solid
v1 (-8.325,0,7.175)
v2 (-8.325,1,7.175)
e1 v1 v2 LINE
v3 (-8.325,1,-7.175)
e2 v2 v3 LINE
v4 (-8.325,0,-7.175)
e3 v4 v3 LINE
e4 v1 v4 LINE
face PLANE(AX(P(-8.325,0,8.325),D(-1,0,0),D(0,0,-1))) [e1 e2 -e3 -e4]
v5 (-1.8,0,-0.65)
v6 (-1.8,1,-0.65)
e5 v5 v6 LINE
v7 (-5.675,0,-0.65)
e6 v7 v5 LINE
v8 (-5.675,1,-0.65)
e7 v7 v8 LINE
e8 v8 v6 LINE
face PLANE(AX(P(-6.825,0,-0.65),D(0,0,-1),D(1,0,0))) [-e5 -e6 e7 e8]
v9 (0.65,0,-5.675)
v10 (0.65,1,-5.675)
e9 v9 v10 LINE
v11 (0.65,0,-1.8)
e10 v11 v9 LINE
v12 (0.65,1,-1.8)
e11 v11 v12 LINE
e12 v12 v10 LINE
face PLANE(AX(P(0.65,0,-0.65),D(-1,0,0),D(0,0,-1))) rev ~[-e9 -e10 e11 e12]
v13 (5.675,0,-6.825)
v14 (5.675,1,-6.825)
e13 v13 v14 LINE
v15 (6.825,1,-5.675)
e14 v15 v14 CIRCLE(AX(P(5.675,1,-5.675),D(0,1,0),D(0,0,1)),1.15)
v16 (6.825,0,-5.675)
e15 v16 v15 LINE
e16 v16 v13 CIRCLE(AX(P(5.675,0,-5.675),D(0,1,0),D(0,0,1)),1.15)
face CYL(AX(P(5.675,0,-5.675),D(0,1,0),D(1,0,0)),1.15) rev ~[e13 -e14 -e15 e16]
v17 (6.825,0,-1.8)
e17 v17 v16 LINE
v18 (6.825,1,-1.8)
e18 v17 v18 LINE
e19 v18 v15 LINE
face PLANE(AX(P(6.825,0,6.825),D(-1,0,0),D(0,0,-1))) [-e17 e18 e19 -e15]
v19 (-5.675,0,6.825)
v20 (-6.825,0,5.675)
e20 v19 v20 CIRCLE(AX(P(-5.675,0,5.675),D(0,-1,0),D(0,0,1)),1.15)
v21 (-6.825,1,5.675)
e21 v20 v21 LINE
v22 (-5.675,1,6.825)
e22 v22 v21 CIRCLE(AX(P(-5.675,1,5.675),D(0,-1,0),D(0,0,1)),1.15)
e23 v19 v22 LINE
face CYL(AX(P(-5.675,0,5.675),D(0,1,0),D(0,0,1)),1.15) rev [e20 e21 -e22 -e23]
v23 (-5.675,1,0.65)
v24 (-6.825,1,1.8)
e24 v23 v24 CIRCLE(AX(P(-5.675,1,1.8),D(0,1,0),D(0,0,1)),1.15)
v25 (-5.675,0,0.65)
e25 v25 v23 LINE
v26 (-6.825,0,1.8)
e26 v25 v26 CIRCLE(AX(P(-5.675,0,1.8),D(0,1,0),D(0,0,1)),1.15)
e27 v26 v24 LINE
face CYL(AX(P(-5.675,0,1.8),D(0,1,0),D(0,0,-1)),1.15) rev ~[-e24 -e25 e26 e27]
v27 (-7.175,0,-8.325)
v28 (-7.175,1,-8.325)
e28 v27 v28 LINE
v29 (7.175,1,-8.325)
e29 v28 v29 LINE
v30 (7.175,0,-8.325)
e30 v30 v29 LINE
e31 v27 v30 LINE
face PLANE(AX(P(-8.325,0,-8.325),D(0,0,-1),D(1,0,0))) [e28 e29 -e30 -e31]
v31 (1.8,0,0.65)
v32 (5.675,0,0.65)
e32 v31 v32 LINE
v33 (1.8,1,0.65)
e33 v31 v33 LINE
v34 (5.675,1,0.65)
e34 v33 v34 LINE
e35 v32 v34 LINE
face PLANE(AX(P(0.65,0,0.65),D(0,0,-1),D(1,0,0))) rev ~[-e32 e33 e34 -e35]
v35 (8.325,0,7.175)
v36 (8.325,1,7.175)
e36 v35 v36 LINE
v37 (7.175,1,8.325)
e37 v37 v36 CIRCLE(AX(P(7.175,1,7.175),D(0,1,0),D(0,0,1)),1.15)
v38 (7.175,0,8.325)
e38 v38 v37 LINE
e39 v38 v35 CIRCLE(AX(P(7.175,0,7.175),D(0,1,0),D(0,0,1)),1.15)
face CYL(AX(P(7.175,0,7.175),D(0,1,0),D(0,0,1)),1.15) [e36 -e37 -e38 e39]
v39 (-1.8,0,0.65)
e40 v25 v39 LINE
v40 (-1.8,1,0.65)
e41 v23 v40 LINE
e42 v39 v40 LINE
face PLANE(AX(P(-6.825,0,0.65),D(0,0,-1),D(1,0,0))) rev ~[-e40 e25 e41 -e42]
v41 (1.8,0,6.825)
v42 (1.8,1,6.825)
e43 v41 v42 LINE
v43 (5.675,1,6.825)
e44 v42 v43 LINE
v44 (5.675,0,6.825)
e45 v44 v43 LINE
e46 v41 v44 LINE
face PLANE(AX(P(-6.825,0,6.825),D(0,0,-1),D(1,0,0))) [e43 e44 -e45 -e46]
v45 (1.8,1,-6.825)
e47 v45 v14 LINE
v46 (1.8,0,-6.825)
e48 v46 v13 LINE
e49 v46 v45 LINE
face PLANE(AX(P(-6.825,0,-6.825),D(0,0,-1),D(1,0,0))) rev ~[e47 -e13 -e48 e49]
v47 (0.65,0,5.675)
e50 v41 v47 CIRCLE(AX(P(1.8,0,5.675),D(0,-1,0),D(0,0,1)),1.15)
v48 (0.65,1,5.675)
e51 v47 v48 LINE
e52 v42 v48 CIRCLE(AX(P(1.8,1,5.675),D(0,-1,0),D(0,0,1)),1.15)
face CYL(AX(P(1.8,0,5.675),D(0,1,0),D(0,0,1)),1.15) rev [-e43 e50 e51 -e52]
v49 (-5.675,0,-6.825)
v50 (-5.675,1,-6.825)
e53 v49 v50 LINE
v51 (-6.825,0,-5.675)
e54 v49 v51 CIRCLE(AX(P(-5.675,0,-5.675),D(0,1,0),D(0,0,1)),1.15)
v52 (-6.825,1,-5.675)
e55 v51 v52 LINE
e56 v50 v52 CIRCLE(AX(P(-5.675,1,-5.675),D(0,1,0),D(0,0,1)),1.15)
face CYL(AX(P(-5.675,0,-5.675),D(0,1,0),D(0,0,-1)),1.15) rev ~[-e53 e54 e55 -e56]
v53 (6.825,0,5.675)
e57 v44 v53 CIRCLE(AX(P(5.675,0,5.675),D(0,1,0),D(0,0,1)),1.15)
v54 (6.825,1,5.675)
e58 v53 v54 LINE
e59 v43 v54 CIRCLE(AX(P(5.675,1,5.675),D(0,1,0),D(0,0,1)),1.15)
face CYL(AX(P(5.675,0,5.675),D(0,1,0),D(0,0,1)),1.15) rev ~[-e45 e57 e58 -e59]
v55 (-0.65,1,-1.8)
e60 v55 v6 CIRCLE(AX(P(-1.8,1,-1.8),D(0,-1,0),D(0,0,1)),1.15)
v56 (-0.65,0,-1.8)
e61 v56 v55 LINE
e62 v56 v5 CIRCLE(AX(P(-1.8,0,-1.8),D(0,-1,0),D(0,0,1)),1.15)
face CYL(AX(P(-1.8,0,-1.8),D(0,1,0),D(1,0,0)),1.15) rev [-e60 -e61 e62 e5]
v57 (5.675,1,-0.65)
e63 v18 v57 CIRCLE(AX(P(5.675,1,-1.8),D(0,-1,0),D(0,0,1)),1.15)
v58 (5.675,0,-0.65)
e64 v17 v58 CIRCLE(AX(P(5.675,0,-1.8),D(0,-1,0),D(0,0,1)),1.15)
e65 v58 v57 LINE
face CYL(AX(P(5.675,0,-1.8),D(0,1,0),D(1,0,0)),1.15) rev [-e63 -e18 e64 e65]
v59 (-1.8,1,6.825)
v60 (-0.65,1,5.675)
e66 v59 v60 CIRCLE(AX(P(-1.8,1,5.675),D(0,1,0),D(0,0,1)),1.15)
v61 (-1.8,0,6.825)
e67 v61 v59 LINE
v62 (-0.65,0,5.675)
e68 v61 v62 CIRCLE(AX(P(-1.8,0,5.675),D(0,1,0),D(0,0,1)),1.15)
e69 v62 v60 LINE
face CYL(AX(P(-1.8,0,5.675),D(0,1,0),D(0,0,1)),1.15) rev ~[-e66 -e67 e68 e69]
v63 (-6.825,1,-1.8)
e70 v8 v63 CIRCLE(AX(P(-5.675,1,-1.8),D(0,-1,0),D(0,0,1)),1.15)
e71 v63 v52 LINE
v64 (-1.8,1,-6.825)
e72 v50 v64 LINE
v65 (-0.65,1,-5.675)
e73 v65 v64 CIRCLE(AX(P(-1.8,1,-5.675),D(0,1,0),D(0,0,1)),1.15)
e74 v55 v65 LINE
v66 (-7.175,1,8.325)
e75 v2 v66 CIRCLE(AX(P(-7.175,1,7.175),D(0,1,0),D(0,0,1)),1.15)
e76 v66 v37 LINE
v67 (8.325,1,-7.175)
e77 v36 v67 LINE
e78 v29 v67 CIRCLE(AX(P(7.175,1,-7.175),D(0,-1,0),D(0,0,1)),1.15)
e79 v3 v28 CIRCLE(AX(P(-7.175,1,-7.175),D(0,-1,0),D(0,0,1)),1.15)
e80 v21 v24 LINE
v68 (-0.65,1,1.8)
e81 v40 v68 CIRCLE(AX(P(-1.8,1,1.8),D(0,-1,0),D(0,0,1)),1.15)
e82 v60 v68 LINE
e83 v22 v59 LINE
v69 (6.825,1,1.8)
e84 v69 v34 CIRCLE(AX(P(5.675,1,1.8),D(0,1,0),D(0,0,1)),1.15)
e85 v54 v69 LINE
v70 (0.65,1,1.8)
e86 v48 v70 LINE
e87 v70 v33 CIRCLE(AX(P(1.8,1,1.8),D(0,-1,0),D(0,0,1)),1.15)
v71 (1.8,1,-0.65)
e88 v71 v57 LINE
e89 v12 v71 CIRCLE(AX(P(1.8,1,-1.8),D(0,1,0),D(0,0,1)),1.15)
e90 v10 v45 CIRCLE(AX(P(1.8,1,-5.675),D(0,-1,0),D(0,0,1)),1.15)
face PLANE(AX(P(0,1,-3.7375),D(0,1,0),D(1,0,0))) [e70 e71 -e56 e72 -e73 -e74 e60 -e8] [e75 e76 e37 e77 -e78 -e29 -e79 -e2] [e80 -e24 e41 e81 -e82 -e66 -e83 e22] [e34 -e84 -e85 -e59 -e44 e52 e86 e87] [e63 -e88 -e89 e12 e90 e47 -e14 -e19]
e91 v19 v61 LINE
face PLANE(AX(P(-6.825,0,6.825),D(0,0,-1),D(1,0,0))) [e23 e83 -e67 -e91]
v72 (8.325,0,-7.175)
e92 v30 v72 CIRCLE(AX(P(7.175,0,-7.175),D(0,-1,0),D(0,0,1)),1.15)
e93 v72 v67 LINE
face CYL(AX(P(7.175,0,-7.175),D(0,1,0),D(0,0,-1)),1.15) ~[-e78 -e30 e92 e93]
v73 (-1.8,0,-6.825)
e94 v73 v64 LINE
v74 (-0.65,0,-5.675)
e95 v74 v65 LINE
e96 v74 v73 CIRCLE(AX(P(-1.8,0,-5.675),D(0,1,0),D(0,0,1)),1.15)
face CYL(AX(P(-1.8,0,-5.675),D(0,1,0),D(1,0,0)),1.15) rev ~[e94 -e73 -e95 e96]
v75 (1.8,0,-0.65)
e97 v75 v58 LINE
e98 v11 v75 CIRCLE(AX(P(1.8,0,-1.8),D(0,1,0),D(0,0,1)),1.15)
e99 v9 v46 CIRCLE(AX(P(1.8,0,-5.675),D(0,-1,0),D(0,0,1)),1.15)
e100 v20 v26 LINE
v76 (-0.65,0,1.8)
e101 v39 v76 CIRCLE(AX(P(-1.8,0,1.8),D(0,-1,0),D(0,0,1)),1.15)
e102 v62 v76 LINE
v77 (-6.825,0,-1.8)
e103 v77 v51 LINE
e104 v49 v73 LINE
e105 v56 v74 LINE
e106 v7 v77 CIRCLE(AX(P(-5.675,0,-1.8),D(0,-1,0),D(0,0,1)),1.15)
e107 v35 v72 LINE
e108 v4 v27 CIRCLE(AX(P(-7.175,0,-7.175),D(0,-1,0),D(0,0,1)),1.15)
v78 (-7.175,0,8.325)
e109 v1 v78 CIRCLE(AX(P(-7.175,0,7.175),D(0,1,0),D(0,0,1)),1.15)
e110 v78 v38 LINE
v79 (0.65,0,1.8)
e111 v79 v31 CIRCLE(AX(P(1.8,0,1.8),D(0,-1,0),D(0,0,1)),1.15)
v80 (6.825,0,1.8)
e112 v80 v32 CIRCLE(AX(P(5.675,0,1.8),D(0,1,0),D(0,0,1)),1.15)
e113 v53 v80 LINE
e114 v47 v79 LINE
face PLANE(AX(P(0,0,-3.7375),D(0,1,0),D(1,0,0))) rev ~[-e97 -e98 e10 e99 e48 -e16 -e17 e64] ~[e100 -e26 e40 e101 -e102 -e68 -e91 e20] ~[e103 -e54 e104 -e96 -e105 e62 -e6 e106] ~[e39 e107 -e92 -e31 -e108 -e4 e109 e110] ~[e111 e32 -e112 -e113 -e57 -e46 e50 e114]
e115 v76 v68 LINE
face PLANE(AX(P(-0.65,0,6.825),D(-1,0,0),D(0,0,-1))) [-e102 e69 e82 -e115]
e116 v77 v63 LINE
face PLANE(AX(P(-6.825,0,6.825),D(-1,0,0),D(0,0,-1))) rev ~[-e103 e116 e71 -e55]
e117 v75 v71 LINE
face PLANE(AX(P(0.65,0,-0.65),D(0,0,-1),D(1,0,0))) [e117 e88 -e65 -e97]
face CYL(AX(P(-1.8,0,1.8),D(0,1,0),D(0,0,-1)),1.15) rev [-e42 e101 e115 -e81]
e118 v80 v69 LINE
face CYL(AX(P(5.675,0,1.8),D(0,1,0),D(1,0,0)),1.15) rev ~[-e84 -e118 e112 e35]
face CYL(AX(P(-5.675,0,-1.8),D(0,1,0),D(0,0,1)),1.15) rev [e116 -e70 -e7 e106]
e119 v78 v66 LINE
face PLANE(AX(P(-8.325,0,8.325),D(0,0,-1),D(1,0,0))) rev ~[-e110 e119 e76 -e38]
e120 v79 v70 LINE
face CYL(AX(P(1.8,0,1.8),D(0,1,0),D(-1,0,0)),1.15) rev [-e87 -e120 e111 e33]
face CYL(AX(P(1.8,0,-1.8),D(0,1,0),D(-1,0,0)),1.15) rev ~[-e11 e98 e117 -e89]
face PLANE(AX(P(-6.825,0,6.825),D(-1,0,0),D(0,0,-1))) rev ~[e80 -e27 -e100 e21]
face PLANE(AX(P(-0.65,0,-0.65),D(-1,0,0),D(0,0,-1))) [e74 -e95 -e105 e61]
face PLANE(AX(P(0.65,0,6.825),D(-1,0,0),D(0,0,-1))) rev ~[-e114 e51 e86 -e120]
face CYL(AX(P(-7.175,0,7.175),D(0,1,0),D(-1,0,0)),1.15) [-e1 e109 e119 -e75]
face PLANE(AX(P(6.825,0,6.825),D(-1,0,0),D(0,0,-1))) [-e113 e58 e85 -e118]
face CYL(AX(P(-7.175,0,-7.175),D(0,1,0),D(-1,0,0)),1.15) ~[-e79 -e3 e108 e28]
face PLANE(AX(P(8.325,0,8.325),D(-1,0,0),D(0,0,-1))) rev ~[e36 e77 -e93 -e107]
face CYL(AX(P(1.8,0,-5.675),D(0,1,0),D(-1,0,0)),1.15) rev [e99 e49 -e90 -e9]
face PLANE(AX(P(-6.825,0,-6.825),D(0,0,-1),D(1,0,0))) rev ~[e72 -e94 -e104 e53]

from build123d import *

# Parameters (mm, degrees)
SKETCH1_W           = 16.65
SKETCH1_H           = 16.65
SKETCH1_W_2         = 13.65
SKETCH1_H_2         = 13.65
SKETCH1_W_3         = 6.175
SKETCH1_H_3         = 1.3
SKETCH1_W_4         = 1.3
SKETCH1_H_4         = 6.175
BOSS_EXTRUDE1_DEPTH = 1
FILLET1_R           = 1.15


with BuildPart() as part:
    # Sketch1 → Boss-Extrude1 (new body)
    # profile 1 of 6: a face of its own
    with BuildSketch(Plane(origin=(0, 0, 0), x_dir=(1, 0, 0), z_dir=(0, 1, 0))):
        Rectangle(SKETCH1_W, SKETCH1_H)
        Rectangle(SKETCH1_W_2, SKETCH1_H_2, mode=Mode.SUBTRACT)
    # profile 2 of 6: a face of its own
    with BuildSketch(Plane(origin=(0, 0, 0), x_dir=(1, 0, 0), z_dir=(0, 1, 0))):
        with Locations((-3.7375, 0)):
            Rectangle(SKETCH1_W_3, SKETCH1_H_3)
    # profile 3 of 6: a face of its own
    with BuildSketch(Plane(origin=(0, 0, 0), x_dir=(1, 0, 0), z_dir=(0, 1, 0))):
        Rectangle(SKETCH1_W_4, SKETCH1_H_3)
    # profile 4 of 6: a face of its own
    with BuildSketch(Plane(origin=(0, 0, 0), x_dir=(1, 0, 0), z_dir=(0, 1, 0))):
        with Locations((0, -3.7375)):
            Rectangle(SKETCH1_W_4, SKETCH1_H_4)
    # profile 5 of 6: a face of its own
    with BuildSketch(Plane(origin=(0, 0, 0), x_dir=(1, 0, 0), z_dir=(0, 1, 0))):
        with Locations((3.7375, 0)):
            Rectangle(SKETCH1_W_3, SKETCH1_H_3)
    # profile 6 of 6: a face of its own
    with BuildSketch(Plane(origin=(0, 0, 0), x_dir=(1, 0, 0), z_dir=(0, 1, 0))):
        with Locations((0, 3.7375)):
            Rectangle(SKETCH1_W_4, SKETCH1_H_4)
    extrude(amount=BOSS_EXTRUDE1_DEPTH)

    # Fillet1
    fillet1_edges = [part.edges().sort_by_distance(p)[0] for p in [
        (-6.825, 0.5, 0.65),
        (-6.825, 0.5, 6.825),
        (-0.65, 0.5, 6.825),
        (-0.65, 0.5, 0.65),
        (-8.325, 0.5, 8.325),
        (-8.325, 0.5, -8.325),
        (8.325, 0.5, -8.325),
        (8.325, 0.5, 8.325),
        (-0.65, 0.5, -6.825),
        (-6.825, 0.5, -6.825),
        (-6.825, 0.5, -0.65),
        (-0.65, 0.5, -0.65),
        (0.65, 0.5, 6.825),
        (6.825, 0.5, 6.825),
        (6.825, 0.5, 0.65),
        (0.65, 0.5, 0.65),
        (6.825, 0.5, -0.65),
        (6.825, 0.5, -6.825),
        (0.65, 0.5, -6.825),
        (0.65, 0.5, -0.65),
    ]]
    fillet(fillet1_edges, radius=FILLET1_R)


solid = part.part
